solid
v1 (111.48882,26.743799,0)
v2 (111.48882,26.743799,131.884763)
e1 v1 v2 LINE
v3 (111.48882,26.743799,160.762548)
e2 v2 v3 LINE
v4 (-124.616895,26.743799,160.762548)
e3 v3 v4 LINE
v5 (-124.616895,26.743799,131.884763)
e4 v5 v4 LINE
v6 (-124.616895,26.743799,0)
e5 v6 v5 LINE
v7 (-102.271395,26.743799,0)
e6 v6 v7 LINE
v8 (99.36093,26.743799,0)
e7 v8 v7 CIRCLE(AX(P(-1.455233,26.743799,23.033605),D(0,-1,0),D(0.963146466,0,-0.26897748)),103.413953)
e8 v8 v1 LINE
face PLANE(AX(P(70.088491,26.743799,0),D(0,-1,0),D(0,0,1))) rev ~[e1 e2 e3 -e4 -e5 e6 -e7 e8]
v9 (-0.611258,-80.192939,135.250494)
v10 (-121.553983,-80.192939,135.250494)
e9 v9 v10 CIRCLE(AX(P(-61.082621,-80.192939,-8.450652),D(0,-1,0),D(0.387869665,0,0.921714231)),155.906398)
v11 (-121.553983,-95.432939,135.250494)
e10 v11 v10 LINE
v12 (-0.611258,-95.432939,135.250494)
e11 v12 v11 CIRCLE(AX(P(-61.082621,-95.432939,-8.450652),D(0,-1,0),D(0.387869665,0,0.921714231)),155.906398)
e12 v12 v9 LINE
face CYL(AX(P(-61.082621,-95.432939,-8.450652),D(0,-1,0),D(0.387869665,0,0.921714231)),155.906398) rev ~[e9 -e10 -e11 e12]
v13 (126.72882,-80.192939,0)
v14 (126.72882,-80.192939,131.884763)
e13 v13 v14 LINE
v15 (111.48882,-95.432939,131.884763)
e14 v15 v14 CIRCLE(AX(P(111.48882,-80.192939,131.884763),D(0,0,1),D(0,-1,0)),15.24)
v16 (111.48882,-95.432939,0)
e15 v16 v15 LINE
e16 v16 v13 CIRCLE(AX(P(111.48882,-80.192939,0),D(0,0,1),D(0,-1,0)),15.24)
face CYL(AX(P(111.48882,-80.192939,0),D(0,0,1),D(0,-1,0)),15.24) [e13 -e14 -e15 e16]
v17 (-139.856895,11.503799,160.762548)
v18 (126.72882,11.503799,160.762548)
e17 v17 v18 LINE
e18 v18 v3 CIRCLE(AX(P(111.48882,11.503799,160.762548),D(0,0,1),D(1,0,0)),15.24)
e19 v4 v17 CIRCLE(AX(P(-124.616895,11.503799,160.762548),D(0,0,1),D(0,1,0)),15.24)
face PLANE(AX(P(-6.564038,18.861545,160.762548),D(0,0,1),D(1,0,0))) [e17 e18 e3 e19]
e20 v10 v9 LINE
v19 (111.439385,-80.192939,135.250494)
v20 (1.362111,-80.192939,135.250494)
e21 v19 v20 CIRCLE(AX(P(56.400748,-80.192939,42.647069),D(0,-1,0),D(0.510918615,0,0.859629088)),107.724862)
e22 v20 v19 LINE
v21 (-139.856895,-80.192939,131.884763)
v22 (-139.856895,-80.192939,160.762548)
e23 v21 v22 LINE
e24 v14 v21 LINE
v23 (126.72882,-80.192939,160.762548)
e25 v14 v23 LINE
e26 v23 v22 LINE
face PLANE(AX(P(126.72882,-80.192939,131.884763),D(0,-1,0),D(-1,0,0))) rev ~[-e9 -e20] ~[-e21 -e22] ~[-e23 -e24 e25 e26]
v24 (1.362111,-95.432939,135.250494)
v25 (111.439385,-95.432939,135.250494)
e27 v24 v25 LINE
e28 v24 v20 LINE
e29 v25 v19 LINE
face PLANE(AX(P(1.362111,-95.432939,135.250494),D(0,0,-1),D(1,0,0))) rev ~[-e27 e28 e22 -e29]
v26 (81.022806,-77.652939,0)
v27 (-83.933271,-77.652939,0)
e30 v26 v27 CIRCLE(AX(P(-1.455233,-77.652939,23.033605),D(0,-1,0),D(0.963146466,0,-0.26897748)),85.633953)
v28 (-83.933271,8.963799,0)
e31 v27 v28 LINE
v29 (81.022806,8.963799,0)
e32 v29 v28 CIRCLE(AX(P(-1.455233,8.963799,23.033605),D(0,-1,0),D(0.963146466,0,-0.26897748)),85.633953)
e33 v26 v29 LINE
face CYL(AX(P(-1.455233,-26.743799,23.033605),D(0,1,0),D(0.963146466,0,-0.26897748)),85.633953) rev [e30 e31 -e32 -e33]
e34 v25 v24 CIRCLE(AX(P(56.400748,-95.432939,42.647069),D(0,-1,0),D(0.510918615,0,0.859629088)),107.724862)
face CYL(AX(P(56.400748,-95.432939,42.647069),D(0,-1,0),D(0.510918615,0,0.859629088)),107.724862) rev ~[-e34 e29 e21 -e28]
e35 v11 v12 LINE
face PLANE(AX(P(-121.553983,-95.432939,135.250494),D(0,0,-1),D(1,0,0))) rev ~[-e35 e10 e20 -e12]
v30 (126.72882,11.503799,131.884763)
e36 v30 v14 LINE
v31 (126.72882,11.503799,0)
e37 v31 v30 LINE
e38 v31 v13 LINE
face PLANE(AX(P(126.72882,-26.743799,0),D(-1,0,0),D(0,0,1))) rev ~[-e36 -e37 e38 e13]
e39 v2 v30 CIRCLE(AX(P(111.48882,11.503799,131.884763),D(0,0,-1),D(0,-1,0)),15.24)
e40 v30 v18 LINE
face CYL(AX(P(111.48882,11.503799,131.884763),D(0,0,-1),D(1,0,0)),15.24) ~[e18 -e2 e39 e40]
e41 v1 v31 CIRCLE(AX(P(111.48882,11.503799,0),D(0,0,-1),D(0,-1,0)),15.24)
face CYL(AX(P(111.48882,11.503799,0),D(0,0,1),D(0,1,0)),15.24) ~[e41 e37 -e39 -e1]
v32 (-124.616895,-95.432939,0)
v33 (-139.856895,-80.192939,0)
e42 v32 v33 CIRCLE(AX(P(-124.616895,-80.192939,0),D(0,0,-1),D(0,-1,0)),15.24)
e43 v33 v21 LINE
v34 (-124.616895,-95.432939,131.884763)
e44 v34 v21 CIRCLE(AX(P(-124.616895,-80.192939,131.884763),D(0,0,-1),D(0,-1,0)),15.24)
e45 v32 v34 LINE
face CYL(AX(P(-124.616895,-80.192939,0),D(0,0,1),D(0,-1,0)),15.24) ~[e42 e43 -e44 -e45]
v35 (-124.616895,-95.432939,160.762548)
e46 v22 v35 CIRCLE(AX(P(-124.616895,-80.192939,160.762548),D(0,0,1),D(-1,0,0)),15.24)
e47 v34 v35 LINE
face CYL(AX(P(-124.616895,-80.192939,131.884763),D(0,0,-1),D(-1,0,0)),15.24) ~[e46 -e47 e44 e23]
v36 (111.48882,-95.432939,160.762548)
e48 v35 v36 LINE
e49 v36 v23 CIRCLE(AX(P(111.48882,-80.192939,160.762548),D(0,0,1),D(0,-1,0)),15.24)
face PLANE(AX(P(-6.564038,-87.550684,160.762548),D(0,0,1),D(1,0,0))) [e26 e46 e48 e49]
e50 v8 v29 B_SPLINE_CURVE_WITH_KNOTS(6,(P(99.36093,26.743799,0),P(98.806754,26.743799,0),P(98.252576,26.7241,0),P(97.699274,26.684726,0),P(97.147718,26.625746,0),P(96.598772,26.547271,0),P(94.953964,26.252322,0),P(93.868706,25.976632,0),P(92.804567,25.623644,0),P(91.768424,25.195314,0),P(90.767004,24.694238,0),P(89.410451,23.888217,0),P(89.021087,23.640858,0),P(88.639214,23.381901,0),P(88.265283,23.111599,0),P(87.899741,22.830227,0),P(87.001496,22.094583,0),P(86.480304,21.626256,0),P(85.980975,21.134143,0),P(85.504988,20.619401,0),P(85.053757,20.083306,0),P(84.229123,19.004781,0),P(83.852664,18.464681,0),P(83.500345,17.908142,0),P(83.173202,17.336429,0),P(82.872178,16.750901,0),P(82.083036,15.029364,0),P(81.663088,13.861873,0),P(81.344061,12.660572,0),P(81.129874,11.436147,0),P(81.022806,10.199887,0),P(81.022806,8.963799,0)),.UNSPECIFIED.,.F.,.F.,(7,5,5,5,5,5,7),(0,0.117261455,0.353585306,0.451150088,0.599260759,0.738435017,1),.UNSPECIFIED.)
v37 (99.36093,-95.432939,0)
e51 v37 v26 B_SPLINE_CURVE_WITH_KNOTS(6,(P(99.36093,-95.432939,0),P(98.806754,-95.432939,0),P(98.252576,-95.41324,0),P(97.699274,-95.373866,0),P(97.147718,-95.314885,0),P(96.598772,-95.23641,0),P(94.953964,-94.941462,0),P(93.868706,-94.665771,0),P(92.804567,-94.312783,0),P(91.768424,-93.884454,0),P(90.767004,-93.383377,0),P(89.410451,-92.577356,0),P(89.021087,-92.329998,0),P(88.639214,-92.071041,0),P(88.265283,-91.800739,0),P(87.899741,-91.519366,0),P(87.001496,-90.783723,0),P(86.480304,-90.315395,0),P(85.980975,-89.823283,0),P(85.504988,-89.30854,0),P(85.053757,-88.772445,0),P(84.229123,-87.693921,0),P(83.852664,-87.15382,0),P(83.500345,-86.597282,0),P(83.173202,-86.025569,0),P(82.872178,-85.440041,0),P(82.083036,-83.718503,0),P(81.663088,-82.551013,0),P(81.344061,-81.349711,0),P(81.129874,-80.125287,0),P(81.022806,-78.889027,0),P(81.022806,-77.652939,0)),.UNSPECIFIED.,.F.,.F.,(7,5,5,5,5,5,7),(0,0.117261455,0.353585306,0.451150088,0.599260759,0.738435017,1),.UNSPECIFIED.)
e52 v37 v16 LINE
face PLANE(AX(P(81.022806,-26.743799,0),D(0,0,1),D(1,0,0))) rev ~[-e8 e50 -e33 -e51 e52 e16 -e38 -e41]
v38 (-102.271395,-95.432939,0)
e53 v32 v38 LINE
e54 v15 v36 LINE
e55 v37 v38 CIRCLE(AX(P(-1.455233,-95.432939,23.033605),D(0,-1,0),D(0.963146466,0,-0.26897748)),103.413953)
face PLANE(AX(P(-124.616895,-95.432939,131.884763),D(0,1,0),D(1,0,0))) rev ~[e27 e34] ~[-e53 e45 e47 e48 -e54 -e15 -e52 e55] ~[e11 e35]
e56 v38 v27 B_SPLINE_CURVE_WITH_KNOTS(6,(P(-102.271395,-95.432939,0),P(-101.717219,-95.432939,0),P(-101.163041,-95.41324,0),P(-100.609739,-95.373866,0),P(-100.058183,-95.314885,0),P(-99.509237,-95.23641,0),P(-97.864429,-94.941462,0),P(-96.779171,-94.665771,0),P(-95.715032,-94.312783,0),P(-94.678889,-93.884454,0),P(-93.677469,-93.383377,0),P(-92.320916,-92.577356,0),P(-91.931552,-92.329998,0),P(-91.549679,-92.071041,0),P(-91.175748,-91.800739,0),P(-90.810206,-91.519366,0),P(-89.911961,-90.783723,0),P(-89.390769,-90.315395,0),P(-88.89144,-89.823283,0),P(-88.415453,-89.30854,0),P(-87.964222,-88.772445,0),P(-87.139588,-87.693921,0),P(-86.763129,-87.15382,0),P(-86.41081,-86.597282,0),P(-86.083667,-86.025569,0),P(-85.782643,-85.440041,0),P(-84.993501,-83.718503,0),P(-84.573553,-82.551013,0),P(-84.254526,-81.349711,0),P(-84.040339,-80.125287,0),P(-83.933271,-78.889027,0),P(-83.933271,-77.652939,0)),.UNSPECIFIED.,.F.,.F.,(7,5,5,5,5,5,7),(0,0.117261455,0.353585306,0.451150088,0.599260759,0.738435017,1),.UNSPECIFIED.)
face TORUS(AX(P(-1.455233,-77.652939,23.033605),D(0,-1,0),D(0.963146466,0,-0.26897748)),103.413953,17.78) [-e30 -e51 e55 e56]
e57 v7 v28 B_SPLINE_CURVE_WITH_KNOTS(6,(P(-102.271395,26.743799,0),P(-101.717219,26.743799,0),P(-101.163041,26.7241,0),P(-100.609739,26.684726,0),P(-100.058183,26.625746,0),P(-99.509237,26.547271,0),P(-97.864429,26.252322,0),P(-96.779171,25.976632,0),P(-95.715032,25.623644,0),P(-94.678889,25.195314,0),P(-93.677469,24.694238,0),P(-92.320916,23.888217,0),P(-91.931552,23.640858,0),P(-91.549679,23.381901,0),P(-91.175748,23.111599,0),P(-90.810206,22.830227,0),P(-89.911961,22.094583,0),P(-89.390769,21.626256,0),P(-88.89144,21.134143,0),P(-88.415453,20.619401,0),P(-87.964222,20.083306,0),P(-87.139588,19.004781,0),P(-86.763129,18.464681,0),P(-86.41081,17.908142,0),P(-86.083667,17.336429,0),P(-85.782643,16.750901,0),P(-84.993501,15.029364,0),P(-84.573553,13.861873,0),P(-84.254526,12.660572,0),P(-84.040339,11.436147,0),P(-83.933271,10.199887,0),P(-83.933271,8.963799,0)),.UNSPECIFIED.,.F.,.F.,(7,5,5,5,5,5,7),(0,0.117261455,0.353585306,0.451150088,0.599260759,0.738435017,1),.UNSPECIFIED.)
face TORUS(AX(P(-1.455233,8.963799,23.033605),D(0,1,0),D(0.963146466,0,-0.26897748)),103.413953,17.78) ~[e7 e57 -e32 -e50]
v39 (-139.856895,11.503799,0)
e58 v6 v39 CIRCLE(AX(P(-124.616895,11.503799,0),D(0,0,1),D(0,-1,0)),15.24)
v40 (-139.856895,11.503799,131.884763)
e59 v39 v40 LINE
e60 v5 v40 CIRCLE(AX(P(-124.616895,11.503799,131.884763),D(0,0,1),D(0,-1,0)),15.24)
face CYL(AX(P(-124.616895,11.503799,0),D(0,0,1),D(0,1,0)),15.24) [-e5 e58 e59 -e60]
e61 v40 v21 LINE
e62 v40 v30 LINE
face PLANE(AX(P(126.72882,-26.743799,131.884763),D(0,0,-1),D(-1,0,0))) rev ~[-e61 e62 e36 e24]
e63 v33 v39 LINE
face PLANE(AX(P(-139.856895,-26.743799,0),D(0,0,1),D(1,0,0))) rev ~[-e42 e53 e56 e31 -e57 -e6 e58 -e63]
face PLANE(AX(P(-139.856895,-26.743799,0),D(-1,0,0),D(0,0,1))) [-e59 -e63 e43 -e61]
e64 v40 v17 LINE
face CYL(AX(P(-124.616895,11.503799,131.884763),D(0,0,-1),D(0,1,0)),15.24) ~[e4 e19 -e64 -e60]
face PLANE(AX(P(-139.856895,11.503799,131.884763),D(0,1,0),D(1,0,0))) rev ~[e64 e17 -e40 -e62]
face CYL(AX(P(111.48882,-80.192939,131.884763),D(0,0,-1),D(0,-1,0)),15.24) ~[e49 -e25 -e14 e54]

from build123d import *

# Parameters (mm, degrees)
F0_W      = 140.1769816875
F0_H      = 53.487598896
F13_DEPTH = 131.8847630173
F1_DEPTH  = 69.7684045881
F2_DEPTH  = 56.6403288394
F14_DEPTH = 101.1081095785
F15_DEPTH = 68.6891395599
F4_R      = 17.78
F5_R      = 15.24
F6_DEPTH  = 28.8777854294
F10_DEPTH = 25.4
F12_DEPTH = 25.4


with BuildPart() as f13:
    # F0 (on Top) → F13 (new body)
    with BuildSketch(Plane.XY):
        Rectangle(F0_W, F0_H)
    extrude(amount=F13_DEPTH)

    # F1 (add): a face of the model
    f1_faces = [f13.faces().sort_by_distance(p)[0] for p in [
        (-70.0884908438, 0, 65.9423815086),
    ]]
    extrude(f1_faces, amount=F1_DEPTH)

    # F2 (add): a face of the model
    f2_faces = [f13.faces().sort_by_distance(p)[0] for p in [
        (70.0884908438, 0, 65.9423815086),
    ]]
    extrude(f2_faces, amount=F2_DEPTH)

    # F3 (on face) → F14 (cut)
    with BuildSketch(Plane.XZ.offset(26.743799448)):
        with BuildLine():
            Line((-83.9332714677, 0), (81.0228064656, 0))
            ThreePointArc((81.0228064656, 0), (-1.455232501, 108.6675575463), (-83.9332714677, 0))
        make_face()
    extrude(amount=-F14_DEPTH, mode=Mode.SUBTRACT)

    # F15 (add): a face of the model
    f15_faces = [f13.faces().sort_by_distance(p)[0] for p in [
        (-111.8950834498, -26.743799448, 2.9742483793),
    ]]
    extrude(f15_faces, amount=F15_DEPTH)

    # F4
    f4_edges = [f13.edges().sort_by_distance(p)[0] for p in [
        (-1.455233, 26.743799, 108.667558),
        (-1.455233, -95.432939, 108.667558),
    ]]
    fillet(f4_edges, radius=F4_R)

    # F5
    f5_edges = [f13.edges().sort_by_distance(p)[0] for p in [
        (126.72882, -95.432939, 65.942382),
        (126.72882, 26.743799, 65.942382),
        (-139.856895, -95.432939, 65.942382),
        (-139.856895, 26.743799, 65.942382),
    ]]
    fillet(f5_edges, radius=F5_R)

    # F16 (on face) → F6 (join)
    with BuildSketch(Plane.XY.offset(131.8847630173)):
        with BuildLine():
            ThreePointArc((111.4888196832, -95.4329390079), (122.2651270285, -90.9692463532), (126.7288196832, -80.1929390079))
            Line((126.7288196832, -80.1929390079), (-139.8568954319, -80.1929390079))
            ThreePointArc((-139.8568954319, -80.1929390079), (-135.3932027772, -90.9692463532), (-124.6168954319, -95.4329390079))
            Line((-124.6168954319, -95.4329390079), (111.4888196832, -95.4329390079))
        make_face()
        with BuildLine():
            Line((-139.8568954319, 11.503799448), (126.7288196832, 11.503799448))
            ThreePointArc((126.7288196832, 11.503799448), (122.2651270285, 22.2801067933), (111.4888196832, 26.743799448))
            Line((111.4888196832, 26.743799448), (-124.6168954319, 26.743799448))
            ThreePointArc((-124.6168954319, 26.743799448), (-135.3932027772, 22.2801067933), (-139.8568954319, 11.503799448))
        make_face()
    extrude(amount=F6_DEPTH)

    # F9 (on face) → F10 (cut)
    with BuildSketch(Plane.XZ.offset(95.4329390079)):
        with BuildLine():
            Line((-39.3435060978, 135.2504938841), (-0.6112582661, 135.2504938841))
            ThreePointArc((-0.6112582661, 135.2504938841), (-61.0826207458, 147.45574623), (-121.5539832255, 135.2504938841))
            Line((-121.5539832255, 135.2504938841), (-39.3435060978, 135.2504938841))
        make_face()
    extrude(amount=-F10_DEPTH, mode=Mode.SUBTRACT)

    # F11 (on face) → F12 (cut)
    with BuildSketch(Plane.XZ.offset(95.4329390079)):
        with BuildLine():
            Line((9.9441353232, 135.2504938841), (111.4393852922, 135.2504938841))
            ThreePointArc((111.4393852922, 135.2504938841), (56.4007480003, 150.371931024), (1.3621107084, 135.2504938841))
            Line((1.3621107084, 135.2504938841), (9.9441353232, 135.2504938841))
        make_face()
    extrude(amount=-F12_DEPTH, mode=Mode.SUBTRACT)


solid = f13.part
